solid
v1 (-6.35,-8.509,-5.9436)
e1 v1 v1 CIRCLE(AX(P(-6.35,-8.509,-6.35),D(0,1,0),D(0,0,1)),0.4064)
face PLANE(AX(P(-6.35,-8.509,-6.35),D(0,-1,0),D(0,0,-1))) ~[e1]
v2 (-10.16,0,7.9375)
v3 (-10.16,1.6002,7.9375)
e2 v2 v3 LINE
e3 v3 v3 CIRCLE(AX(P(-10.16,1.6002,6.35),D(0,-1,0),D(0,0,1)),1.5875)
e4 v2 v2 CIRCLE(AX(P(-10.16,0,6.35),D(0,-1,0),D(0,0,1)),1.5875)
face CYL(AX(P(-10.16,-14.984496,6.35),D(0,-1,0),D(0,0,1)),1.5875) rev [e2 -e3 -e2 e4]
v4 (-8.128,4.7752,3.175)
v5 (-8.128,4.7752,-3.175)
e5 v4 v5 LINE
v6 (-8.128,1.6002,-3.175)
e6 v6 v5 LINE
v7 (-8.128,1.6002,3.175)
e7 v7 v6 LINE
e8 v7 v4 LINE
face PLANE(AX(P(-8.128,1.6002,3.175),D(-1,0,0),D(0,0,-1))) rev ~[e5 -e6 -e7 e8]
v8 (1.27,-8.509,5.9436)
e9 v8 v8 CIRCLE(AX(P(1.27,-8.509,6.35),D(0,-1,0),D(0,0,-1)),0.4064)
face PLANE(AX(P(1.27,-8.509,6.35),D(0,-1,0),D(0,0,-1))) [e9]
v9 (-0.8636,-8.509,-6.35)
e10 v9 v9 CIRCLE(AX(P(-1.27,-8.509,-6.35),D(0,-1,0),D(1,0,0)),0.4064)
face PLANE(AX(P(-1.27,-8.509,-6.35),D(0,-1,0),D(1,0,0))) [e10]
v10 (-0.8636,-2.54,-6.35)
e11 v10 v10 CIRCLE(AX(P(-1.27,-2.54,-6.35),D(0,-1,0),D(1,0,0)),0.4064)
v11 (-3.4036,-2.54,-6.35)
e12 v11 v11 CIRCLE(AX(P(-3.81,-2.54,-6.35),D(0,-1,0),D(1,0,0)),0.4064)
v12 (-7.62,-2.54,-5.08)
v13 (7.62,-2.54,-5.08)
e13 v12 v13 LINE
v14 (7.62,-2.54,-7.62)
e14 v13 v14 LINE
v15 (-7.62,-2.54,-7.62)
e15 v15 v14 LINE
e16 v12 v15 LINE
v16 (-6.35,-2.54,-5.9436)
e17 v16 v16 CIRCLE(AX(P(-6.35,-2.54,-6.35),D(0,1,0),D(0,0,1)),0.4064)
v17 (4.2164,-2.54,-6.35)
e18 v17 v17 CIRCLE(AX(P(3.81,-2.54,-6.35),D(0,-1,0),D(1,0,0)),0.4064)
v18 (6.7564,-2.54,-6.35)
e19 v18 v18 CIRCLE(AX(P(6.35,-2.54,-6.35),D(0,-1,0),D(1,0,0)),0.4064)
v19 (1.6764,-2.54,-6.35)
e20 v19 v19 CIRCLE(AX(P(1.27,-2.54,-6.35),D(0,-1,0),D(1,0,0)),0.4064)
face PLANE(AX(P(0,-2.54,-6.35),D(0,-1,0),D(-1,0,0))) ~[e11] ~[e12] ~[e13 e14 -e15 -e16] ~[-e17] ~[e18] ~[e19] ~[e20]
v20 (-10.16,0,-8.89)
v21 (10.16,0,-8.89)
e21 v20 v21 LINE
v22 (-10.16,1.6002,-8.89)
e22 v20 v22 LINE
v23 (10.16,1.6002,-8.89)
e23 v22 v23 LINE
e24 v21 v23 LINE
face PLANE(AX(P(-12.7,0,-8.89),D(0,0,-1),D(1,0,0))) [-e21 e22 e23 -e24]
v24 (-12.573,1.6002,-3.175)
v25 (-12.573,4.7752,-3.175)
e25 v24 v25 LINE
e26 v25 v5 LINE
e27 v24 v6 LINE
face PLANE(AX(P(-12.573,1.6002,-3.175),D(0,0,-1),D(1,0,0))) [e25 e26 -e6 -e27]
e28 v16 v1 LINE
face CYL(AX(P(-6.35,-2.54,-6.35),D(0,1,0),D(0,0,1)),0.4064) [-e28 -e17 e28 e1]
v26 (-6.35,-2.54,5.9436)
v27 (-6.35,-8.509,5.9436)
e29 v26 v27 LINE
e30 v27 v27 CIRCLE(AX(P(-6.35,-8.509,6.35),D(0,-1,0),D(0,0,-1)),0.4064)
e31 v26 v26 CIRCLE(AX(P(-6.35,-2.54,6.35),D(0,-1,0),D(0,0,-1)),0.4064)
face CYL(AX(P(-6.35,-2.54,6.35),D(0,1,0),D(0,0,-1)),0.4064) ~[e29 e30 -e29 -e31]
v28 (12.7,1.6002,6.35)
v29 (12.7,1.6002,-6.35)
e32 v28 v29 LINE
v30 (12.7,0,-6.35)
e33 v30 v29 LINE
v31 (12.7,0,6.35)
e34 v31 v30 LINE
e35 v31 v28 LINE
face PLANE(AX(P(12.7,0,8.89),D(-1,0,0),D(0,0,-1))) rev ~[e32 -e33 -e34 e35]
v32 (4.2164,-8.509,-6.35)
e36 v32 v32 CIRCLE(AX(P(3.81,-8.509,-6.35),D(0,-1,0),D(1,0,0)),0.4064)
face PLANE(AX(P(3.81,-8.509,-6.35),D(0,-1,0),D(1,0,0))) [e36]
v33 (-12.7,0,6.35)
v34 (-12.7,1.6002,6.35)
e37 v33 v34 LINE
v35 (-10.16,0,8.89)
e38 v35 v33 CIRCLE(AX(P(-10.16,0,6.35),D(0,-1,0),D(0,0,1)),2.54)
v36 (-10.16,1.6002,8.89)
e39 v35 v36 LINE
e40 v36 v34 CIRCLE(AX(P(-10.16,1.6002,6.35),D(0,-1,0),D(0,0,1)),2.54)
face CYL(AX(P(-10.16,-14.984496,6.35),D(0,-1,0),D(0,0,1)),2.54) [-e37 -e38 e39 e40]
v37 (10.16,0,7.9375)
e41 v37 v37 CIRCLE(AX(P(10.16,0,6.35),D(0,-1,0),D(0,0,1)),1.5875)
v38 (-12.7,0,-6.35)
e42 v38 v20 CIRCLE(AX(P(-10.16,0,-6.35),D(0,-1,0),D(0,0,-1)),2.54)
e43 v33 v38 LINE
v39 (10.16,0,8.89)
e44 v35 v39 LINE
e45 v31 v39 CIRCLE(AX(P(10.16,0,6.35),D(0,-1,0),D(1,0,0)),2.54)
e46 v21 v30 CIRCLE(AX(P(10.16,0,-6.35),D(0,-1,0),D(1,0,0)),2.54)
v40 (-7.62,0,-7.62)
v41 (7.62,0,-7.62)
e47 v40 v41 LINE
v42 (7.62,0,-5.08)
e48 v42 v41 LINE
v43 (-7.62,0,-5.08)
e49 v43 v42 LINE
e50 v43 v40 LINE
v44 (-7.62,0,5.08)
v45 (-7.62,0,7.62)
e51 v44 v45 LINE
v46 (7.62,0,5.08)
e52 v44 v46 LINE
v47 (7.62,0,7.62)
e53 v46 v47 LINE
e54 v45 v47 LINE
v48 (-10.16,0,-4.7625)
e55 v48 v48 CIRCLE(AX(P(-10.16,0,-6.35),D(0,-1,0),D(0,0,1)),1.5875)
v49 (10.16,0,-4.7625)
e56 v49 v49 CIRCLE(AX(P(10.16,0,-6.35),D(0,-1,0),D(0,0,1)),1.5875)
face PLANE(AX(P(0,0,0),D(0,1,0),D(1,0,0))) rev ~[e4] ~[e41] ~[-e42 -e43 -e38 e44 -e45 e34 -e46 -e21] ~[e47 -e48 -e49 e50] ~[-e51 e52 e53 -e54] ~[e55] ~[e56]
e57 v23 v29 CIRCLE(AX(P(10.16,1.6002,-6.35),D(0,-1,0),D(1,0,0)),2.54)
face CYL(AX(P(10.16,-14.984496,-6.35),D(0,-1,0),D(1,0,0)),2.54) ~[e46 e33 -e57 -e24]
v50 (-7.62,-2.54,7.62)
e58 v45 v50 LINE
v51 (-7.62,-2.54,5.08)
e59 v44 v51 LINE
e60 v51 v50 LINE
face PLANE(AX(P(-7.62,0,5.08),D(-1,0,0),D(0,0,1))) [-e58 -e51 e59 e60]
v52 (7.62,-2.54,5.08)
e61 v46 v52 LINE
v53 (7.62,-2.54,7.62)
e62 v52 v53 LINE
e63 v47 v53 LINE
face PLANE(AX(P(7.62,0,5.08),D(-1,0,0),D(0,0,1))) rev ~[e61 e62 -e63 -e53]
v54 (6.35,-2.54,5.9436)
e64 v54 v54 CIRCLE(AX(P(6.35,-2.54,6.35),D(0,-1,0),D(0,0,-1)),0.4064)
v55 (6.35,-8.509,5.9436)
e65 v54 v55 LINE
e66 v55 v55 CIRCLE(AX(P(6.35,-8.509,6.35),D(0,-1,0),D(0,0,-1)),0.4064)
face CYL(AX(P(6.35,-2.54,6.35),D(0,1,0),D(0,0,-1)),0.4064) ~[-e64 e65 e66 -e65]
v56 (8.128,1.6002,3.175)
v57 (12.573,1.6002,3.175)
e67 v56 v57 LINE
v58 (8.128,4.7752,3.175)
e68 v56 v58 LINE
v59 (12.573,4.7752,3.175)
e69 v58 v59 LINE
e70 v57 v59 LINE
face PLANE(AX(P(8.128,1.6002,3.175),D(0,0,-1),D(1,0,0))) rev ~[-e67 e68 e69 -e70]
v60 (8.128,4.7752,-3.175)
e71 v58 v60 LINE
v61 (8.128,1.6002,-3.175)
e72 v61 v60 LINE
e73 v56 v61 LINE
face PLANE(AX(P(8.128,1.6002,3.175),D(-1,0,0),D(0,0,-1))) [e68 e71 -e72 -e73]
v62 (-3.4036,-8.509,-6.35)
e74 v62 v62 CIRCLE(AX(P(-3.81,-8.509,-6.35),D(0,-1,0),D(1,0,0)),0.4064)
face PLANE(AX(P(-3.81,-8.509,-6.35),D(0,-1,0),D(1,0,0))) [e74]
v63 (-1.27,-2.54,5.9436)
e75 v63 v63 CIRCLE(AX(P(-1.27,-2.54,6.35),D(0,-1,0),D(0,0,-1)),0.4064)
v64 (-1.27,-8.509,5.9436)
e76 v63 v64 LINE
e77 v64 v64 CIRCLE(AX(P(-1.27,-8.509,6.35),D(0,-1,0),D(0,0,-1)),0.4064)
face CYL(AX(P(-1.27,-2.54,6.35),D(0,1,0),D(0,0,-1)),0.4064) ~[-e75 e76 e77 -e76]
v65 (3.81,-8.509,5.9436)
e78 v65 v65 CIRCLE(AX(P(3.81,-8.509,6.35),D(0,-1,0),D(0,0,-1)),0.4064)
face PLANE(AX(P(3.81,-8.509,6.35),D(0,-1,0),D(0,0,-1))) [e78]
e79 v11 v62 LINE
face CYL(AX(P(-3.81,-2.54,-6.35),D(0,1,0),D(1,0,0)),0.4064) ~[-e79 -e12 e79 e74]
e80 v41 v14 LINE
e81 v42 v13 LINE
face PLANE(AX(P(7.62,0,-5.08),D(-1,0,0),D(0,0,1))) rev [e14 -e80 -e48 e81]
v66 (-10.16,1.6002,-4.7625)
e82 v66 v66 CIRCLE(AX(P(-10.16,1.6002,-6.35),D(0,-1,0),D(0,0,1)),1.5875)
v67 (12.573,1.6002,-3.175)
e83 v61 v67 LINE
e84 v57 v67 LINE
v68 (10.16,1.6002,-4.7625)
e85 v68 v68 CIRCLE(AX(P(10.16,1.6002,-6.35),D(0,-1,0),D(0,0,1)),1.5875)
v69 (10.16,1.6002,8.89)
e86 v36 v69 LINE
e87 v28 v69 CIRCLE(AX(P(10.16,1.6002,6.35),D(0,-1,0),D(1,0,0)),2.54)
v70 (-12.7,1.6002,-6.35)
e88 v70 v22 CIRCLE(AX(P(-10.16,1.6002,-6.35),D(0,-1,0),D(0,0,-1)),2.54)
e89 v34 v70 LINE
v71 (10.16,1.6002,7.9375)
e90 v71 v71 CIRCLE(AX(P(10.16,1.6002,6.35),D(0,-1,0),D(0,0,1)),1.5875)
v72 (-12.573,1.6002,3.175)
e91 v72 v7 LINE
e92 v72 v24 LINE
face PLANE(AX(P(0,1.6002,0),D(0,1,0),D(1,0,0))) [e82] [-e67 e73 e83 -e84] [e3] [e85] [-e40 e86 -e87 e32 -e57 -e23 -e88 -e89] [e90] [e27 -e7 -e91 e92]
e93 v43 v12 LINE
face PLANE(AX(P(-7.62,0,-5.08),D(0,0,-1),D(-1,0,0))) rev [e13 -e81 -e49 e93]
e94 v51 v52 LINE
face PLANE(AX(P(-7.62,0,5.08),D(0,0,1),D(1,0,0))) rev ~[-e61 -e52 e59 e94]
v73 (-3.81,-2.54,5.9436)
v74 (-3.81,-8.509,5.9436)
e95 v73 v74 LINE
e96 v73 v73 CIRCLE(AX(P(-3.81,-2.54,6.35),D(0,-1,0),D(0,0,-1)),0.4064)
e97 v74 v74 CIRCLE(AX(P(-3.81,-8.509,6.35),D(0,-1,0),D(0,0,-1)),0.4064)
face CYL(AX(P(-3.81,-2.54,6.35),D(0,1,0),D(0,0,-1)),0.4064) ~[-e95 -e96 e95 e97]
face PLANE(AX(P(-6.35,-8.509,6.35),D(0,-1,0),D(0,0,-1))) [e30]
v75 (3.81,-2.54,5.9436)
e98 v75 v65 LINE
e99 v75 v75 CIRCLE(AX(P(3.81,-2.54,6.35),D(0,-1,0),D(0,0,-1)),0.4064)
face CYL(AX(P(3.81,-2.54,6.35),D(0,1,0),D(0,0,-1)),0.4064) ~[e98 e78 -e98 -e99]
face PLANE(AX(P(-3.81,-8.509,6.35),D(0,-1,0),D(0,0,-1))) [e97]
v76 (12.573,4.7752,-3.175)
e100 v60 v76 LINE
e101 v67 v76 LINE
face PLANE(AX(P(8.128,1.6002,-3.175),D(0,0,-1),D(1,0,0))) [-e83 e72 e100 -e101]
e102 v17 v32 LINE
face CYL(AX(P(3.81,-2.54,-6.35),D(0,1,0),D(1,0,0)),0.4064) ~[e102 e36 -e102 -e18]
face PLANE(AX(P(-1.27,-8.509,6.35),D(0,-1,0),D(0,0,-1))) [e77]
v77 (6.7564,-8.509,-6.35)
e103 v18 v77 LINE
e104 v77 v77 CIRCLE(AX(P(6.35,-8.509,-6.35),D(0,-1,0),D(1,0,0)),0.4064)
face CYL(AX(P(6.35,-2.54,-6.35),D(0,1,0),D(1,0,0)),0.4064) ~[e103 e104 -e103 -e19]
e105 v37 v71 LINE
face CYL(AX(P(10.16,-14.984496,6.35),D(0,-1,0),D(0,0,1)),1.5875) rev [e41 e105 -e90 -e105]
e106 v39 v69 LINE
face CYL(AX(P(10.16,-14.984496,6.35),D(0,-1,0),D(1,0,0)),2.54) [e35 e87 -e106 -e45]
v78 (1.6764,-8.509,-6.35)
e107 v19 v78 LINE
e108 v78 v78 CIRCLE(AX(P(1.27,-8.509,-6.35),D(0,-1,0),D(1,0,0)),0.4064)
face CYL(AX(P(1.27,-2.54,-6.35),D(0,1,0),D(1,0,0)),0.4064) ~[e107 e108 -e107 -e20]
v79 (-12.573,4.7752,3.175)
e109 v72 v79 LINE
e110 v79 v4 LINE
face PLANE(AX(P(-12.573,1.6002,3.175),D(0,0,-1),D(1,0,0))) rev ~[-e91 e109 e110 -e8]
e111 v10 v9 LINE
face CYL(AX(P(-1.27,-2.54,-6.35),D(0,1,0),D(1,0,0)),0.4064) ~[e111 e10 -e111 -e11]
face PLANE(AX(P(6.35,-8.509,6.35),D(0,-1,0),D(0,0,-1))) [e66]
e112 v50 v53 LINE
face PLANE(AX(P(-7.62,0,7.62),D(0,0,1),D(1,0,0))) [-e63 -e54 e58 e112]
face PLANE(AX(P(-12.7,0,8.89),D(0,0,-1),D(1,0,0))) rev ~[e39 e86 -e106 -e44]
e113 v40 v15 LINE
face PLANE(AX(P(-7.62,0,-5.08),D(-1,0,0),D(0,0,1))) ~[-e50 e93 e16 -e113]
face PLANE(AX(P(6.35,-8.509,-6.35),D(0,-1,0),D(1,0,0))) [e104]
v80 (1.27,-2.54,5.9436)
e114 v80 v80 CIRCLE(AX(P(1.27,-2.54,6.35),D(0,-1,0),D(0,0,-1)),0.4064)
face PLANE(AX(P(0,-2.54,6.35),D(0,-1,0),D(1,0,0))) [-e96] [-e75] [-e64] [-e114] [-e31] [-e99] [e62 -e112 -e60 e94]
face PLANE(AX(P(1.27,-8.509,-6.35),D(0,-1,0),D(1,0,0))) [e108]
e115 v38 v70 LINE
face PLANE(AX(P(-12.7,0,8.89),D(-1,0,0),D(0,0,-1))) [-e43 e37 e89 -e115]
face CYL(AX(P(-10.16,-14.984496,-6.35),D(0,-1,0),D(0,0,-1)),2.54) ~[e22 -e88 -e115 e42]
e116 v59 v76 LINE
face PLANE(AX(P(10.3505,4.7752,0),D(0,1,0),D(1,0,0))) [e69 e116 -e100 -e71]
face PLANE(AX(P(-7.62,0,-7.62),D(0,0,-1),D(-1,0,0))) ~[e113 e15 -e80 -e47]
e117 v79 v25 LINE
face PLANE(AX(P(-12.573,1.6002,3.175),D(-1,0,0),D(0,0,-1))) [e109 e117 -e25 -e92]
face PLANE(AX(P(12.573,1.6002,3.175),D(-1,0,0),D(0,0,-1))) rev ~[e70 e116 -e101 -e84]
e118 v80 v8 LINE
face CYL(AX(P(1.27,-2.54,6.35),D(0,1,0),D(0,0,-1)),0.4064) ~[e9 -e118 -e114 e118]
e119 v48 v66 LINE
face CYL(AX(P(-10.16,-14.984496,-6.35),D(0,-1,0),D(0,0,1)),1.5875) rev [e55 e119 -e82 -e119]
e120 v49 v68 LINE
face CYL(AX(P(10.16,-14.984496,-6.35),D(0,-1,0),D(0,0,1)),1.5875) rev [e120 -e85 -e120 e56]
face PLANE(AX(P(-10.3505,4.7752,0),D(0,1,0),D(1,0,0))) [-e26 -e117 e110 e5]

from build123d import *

# Parameters (mm, degrees)
SKETCH1_W               = 25.4
SKETCH1_H               = 17.78
BOSS_EXTRUDE1_DEPTH     = 1.6002
CUT_EXTRUDE1_DEPTH      = 16.584695699
CUT_EXTRUDE1_DEPTH_BACK = 16.584695699
SKETCH2_R               = 1.5875
SKETCH3_W               = 15.24
SKETCH3_H               = 2.54
BOSS_EXTRUDE2_DEPTH     = 2.54
SKETCH4_R               = 0.4064
BOSS_EXTRUDE3_DEPTH     = 5.969
LPATTERN1_COUNT         = 6
LPATTERN1_PITCH         = 2.54
MIRROR1_COPY_1_SKETCH_R = 0.4064
MIRROR1_COPY_1_DEPTH    = 5.969
MIRROR1_COPY_2_SKETCH_R = 0.4064
MIRROR1_COPY_2_DEPTH    = 5.969
MIRROR1_COPY_3_SKETCH_R = 0.4064
MIRROR1_COPY_3_DEPTH    = 5.969
MIRROR1_COPY_4_SKETCH_R = 0.4064
MIRROR1_COPY_4_DEPTH    = 5.969
MIRROR1_COPY_5_SKETCH_R = 0.4064
MIRROR1_COPY_5_DEPTH    = 5.969
SKETCH5_W               = 4.445
SKETCH5_H               = 6.35
BOSS_EXTRUDE4_DEPTH     = 3.175


with BuildPart() as part:
    # Sketch1 → Boss-Extrude1 (new body)
    with BuildSketch(Plane(origin=(0, 0, 0), x_dir=(1, 0, 0), z_dir=(0, 1, 0))):
        Rectangle(SKETCH1_W, SKETCH1_H)
    extrude(amount=BOSS_EXTRUDE1_DEPTH)

    # Sketch2 → Cut-Extrude1 (cut, two sides: drawn at the far end of the back side and taken through both)
    with BuildSketch(Plane(origin=(0, 1.6002, 0), x_dir=(1, 0, 0), z_dir=(0, 1, 0)).offset(-CUT_EXTRUDE1_DEPTH_BACK)):
        with Locations(Location((-10.16, 6.35, 0), (0, 0, 270))):
            Circle(SKETCH2_R)
        with Locations(Location((10.16, 6.35, 0), (0, 0, 270))):
            Circle(SKETCH2_R)
        with Locations(Location((10.16, -6.35, 0), (0, 0, 270))):
            Circle(SKETCH2_R)
        with Locations(Location((-10.16, -6.35, 0), (0, 0, 270))):
            Circle(SKETCH2_R)
        with BuildLine():
            Line((-12.7, 6.35), (-12.7, 8.89))
            Line((-12.7, 8.89), (-10.16, 8.89))
            ThreePointArc((-10.16, 8.89), (-11.956051224, 8.146051224), (-12.7, 6.35))
        make_face()
        with BuildLine():
            Line((10.16, 8.89), (12.7, 8.89))
            Line((12.7, 8.89), (12.7, 6.35))
            ThreePointArc((12.7, 6.35), (11.956051224, 8.146051224), (10.16, 8.89))
        make_face()
        with BuildLine():
            Line((10.16, -8.89), (12.7, -8.89))
            Line((12.7, -8.89), (12.7, -6.35))
            ThreePointArc((12.7, -6.35), (11.956051224, -8.146051224), (10.16, -8.89))
        make_face()
        with BuildLine():
            Line((-12.7, -6.35), (-12.7, -8.89))
            Line((-12.7, -8.89), (-10.16, -8.89))
            ThreePointArc((-10.16, -8.89), (-11.956051224, -8.146051224), (-12.7, -6.35))
        make_face()
    extrude(amount=CUT_EXTRUDE1_DEPTH + CUT_EXTRUDE1_DEPTH_BACK, mode=Mode.SUBTRACT)

    # Sketch3 → Boss-Extrude2 (add)
    with BuildSketch(Plane.XZ):
        with Locations((0, 6.35)):
            Rectangle(SKETCH3_W, SKETCH3_H)
    boss_extrude2 = extrude(amount=BOSS_EXTRUDE2_DEPTH)

    # Sketch4 → Boss-Extrude3 (add)
    with BuildSketch(Plane.XZ.offset(2.54)):
        with Locations(Location((-6.35, 6.35, 0), (0, 0, 270))):
            Circle(SKETCH4_R)
    boss_extrude3 = extrude(amount=BOSS_EXTRUDE3_DEPTH)

    # LPattern1: Boss-Extrude3 ×6
    with Locations(*[(i * LPATTERN1_PITCH, 0, 0) for i in range(1, LPATTERN1_COUNT)]):
        add(boss_extrude3)

    # Mirror1: Boss-Extrude2, Boss-Extrude3 across plane
    add(boss_extrude2.mirror(Plane.XY))
    add(boss_extrude3.mirror(Plane.XY))

    # Mirror1 copy 1 sketch → Mirror1 copy 1 (add)
    with BuildSketch(Plane(origin=(2.54, -2.54, 0), x_dir=(1, 0, 0), z_dir=(0, -1, 0))):
        with Locations((-6.35, -6.35)):
            Circle(MIRROR1_COPY_1_SKETCH_R)
    extrude(amount=MIRROR1_COPY_1_DEPTH)

    # Mirror1 copy 2 sketch → Mirror1 copy 2 (add)
    with BuildSketch(Plane(origin=(5.08, -2.54, 0), x_dir=(1, 0, 0), z_dir=(0, -1, 0))):
        with Locations((-6.35, -6.35)):
            Circle(MIRROR1_COPY_2_SKETCH_R)
    extrude(amount=MIRROR1_COPY_2_DEPTH)

    # Mirror1 copy 3 sketch → Mirror1 copy 3 (add)
    with BuildSketch(Plane(origin=(7.62, -2.54, 0), x_dir=(1, 0, 0), z_dir=(0, -1, 0))):
        with Locations((-6.35, -6.35)):
            Circle(MIRROR1_COPY_3_SKETCH_R)
    extrude(amount=MIRROR1_COPY_3_DEPTH)

    # Mirror1 copy 4 sketch → Mirror1 copy 4 (add)
    with BuildSketch(Plane(origin=(10.16, -2.54, 0), x_dir=(1, 0, 0), z_dir=(0, -1, 0))):
        with Locations((-6.35, -6.35)):
            Circle(MIRROR1_COPY_4_SKETCH_R)
    extrude(amount=MIRROR1_COPY_4_DEPTH)

    # Mirror1 copy 5 sketch → Mirror1 copy 5 (add)
    with BuildSketch(Plane(origin=(12.7, -2.54, 0), x_dir=(1, 0, 0), z_dir=(0, -1, 0))):
        with Locations((-6.35, -6.35)):
            Circle(MIRROR1_COPY_5_SKETCH_R)
    extrude(amount=MIRROR1_COPY_5_DEPTH)

    # Sketch5 → Boss-Extrude4 (add)
    with BuildSketch(Plane(origin=(0, 1.6002, 0), x_dir=(1, 0, 0), z_dir=(0, 1, 0))):
        with Locations((-10.3505, 0)):
            Rectangle(SKETCH5_W, SKETCH5_H)
        with Locations((10.3505, 0)):
            Rectangle(SKETCH5_W, SKETCH5_H)
    extrude(amount=BOSS_EXTRUDE4_DEPTH)


solid = part.part
